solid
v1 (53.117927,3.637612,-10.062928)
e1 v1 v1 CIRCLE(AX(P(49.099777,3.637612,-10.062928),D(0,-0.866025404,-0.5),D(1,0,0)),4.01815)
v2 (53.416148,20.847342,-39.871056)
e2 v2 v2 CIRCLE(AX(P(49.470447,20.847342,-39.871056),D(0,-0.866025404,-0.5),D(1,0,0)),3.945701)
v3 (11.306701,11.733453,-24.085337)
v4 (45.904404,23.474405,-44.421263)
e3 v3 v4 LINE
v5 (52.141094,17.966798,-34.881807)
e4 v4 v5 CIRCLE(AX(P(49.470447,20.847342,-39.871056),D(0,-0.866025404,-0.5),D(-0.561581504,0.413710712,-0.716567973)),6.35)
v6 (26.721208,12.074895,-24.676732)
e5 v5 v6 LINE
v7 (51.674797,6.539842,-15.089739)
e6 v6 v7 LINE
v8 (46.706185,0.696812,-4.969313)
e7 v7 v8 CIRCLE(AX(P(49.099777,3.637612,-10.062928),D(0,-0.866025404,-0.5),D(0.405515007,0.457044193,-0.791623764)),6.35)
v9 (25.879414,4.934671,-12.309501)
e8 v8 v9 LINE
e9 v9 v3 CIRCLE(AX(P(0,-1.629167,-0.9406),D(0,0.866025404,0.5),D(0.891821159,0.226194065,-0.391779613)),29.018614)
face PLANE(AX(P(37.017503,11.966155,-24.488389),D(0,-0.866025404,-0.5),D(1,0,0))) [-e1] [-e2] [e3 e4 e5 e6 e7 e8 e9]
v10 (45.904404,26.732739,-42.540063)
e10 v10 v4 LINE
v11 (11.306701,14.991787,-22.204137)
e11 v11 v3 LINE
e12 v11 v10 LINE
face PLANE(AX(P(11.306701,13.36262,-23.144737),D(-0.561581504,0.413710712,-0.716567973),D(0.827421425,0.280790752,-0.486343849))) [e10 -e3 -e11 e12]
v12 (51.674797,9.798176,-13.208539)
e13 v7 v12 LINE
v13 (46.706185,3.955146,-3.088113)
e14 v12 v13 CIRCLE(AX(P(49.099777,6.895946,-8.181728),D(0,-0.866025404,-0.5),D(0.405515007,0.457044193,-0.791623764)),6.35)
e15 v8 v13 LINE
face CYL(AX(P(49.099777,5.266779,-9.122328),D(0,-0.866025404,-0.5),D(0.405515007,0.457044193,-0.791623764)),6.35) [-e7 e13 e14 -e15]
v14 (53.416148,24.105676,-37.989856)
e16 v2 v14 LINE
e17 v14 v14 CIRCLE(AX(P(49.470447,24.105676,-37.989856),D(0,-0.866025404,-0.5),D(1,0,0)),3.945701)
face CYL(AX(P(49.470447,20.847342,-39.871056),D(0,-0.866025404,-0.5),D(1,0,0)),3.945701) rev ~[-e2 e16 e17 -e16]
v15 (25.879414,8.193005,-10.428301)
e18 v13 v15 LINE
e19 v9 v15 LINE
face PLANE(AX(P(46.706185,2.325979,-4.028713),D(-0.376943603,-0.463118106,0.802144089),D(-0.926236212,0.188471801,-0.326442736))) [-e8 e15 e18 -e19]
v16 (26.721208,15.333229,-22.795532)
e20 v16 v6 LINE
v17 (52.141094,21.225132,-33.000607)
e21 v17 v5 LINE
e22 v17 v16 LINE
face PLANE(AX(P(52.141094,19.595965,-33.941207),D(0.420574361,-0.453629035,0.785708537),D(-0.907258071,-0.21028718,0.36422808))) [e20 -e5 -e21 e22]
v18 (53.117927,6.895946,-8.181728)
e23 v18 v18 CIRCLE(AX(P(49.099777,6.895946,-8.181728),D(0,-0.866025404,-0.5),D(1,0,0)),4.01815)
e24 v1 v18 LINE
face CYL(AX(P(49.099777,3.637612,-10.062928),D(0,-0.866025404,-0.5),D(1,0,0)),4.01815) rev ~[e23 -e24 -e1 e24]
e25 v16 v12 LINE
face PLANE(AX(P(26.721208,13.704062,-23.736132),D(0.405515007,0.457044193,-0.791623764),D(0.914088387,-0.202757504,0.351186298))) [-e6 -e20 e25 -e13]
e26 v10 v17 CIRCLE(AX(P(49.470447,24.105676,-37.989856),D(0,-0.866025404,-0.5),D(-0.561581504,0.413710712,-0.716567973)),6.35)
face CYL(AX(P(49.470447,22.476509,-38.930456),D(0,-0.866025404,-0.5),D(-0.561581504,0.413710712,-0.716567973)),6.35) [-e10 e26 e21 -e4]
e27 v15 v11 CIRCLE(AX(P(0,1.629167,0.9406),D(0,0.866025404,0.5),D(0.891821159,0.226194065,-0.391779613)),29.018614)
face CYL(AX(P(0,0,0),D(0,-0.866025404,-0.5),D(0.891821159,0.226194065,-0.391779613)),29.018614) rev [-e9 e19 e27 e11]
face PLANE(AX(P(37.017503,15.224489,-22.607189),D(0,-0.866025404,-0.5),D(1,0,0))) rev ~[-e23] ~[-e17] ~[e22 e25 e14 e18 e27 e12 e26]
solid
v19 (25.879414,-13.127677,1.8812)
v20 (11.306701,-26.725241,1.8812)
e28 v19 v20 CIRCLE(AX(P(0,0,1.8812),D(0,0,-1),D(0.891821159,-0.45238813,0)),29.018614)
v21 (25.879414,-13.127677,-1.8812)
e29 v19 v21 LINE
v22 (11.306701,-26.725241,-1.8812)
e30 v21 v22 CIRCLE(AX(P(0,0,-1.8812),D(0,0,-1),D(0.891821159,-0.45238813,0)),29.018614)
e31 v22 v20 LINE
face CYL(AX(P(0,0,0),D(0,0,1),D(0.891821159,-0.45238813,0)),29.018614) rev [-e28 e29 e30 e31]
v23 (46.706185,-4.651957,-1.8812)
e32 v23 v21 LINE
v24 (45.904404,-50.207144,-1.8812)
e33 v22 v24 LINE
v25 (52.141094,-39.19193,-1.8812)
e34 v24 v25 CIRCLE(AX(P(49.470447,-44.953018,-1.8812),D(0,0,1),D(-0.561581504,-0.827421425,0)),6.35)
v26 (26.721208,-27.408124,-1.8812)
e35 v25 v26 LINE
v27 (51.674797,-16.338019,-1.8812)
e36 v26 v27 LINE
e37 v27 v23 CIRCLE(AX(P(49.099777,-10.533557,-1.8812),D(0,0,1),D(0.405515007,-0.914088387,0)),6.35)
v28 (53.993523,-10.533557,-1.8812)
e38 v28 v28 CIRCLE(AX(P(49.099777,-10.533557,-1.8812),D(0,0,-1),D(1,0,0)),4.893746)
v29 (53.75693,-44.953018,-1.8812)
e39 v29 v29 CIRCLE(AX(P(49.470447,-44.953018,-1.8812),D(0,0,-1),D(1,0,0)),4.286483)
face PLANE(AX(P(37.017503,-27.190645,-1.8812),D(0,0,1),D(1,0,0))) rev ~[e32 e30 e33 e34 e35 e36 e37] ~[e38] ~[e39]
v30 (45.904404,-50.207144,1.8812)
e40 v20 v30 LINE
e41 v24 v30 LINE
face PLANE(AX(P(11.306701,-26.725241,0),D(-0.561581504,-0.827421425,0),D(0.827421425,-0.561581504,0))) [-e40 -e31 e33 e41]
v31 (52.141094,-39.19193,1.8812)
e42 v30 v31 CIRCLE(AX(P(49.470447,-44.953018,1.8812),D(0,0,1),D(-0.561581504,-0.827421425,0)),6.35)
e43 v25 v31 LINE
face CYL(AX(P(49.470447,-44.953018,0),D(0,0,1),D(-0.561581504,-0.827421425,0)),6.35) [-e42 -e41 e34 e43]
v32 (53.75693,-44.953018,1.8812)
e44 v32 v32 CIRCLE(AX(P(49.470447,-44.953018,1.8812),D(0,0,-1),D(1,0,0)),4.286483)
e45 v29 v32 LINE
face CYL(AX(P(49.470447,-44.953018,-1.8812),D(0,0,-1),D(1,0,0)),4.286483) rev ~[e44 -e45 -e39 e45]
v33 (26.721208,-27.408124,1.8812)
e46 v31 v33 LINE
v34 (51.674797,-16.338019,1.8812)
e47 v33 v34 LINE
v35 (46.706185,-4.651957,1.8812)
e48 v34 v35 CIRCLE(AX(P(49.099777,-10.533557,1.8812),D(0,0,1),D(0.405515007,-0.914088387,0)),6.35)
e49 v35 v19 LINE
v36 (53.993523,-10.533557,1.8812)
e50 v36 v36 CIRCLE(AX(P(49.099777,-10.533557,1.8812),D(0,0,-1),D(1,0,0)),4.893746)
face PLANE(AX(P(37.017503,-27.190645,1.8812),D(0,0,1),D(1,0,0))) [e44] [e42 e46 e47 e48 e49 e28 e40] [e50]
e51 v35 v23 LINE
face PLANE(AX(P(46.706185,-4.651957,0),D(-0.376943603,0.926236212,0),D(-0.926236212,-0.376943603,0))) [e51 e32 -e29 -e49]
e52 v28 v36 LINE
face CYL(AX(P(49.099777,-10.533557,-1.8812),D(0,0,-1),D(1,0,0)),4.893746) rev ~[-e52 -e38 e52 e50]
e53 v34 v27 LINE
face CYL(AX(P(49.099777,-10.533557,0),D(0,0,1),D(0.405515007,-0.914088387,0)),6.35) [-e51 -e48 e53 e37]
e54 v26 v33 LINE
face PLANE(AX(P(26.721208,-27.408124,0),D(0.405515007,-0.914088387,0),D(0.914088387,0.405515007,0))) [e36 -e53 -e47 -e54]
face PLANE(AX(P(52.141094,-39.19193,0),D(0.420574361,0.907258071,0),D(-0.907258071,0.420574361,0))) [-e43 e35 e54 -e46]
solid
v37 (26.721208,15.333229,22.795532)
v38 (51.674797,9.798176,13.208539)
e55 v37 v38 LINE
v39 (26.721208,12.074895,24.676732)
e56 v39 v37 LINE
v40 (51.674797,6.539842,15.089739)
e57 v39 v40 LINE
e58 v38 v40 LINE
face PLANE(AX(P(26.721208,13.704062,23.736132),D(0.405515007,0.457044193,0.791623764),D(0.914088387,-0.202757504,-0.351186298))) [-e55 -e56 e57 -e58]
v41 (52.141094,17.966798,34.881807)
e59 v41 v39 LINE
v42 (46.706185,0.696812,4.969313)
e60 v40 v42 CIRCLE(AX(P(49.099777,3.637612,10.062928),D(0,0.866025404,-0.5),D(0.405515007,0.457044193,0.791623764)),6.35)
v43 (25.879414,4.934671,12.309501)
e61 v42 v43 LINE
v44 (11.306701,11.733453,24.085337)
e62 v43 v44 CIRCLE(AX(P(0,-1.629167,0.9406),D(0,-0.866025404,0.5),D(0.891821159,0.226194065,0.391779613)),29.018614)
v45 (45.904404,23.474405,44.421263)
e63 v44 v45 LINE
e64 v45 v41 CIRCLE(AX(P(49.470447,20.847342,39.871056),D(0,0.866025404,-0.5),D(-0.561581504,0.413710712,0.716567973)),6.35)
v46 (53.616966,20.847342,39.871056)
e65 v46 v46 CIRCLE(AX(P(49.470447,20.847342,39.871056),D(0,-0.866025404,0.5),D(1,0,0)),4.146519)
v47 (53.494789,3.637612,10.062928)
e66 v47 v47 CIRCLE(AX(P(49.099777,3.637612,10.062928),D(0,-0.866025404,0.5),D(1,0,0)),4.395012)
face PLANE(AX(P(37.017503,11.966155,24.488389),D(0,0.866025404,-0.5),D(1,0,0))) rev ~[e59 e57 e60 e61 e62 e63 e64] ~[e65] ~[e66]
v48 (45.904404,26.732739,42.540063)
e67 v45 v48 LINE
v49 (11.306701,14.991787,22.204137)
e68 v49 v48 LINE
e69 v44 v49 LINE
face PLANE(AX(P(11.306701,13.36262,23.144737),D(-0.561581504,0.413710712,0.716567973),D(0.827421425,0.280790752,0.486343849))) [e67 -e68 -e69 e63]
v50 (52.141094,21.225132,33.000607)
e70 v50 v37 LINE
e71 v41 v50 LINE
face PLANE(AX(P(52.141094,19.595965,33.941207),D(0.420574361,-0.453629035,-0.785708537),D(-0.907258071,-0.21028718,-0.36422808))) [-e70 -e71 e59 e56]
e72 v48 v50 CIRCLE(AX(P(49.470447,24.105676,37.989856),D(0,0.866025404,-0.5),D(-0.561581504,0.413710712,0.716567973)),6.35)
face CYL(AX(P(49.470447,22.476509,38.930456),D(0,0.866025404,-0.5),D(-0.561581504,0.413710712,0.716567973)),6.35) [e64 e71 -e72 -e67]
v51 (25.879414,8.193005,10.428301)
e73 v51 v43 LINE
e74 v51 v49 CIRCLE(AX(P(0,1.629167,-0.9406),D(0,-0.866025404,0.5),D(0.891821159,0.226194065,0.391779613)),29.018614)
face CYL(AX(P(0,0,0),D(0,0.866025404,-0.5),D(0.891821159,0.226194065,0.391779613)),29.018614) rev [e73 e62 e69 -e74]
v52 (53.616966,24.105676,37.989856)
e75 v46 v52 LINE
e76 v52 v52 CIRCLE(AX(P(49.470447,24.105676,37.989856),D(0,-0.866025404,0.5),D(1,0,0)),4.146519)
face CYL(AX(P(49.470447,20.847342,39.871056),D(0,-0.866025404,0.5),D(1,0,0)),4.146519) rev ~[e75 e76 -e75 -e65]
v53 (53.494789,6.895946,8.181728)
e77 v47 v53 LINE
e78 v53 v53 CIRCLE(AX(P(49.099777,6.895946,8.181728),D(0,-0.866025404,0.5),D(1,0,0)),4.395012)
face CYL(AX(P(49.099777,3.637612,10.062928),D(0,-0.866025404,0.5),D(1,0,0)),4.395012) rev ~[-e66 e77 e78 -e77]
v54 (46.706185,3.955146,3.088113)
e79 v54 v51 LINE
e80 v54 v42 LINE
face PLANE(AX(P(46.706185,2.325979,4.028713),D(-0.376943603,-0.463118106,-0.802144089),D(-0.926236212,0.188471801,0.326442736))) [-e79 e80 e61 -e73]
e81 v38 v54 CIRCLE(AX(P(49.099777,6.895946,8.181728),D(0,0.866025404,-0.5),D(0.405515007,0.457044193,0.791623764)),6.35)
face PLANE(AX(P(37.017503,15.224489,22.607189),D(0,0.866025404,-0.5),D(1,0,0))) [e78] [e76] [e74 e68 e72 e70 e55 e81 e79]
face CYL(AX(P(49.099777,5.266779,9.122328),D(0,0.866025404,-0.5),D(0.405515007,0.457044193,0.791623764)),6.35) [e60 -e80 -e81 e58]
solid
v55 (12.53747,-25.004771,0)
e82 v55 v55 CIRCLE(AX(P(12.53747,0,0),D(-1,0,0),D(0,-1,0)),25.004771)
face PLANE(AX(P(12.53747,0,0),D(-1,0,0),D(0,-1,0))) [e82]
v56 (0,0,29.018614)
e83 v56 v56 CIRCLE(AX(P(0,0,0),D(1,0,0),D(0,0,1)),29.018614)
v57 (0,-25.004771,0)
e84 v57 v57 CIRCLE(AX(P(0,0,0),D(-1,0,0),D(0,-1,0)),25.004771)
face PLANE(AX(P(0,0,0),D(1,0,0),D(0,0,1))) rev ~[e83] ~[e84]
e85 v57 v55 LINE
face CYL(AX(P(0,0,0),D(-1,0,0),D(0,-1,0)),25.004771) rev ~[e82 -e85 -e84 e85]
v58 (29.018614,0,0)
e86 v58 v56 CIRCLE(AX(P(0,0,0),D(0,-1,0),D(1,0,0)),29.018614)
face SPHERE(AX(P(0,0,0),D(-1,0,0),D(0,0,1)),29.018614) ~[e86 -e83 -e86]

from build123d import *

# Parameters (mm, degrees)
F2_R      = 25.0047709918
F3_DEPTH  = 12.53747
F5_DEPTH  = 1.8812
F6_COUNT  = 3
F7_R      = 4.8937458283
F7_R_2    = 4.2864831503
F10_DEPTH = 25.4
F8_R      = 3.9457010293
F8_R_2    = 4.0181499064
F11_DEPTH = 25.4
F9_R      = 4.3950120505
F9_R_2    = 4.1465190725
F12_DEPTH = 25.4


with BuildPart() as f1:
    # F0 (on Front) → F1 (revolve)
    with BuildSketch(Plane.XZ):
        with BuildLine():
            Line((0, 0), (21.5274985125, 0))
            ThreePointArc((21.5274985125, 0), (15.2222401802, 15.2222401802), (0, 21.5274985125))
            Line((0, 21.5274985125), (0, 0))
        make_face()
        with BuildLine():
            Line((21.5274985125, 0), (29.0186140935, 0))
            ThreePointArc((29.0186140935, 0), (20.5192588061, 20.5192588061), (0, 29.0186140935))
            Line((0, 29.0186140935), (0, 21.5274985125))
            ThreePointArc((0, 21.5274985125), (15.2222401802, 15.2222401802), (21.5274985125, 0))
        make_face()
    revolve(axis=Axis((14.5093070467, 0, 0), (1, 0, 0)))

    # F2 (on face) → F3 (cut)
    with BuildSketch(Plane(origin=(0, 0, 0), x_dir=(0, -1, 0), z_dir=(-1, 0, 0))):
        Circle(F2_R)
    extrude(amount=-F3_DEPTH, mode=Mode.SUBTRACT)


with BuildPart() as f5:
    # F4 (on Top) → F5 (new body, symmetric)
    with BuildSketch(Plane.XY):
        with BuildLine():
            ThreePointArc((25.8794140562, -13.1276765657), (19.7971013422, -21.2168504343), (11.3067008411, -26.725240504))
            Line((11.3067008411, -26.725240504), (45.9044044518, -50.2071444738))
            ThreePointArc((45.9044044518, -50.2071444738), (54.9962204764, -48.0816487231), (52.1410941938, -39.1919296768))
            Line((52.1410941938, -39.1919296768), (26.7212075388, -27.4081242526))
            Line((26.7212075388, -27.4081242526), (51.6747971886, -16.3380185303))
            ThreePointArc((51.6747971886, -16.3380185303), (54.9435116308, -8.0489518068), (46.706185016, -4.6519573277))
            Line((46.706185016, -4.6519573277), (25.8794140562, -13.1276765657))
        make_face()
    extrude(amount=F5_DEPTH, both=True)


with BuildPart() as f6_1:
    # F6: instance of F5
    add(f5.part.rotate(Axis((14.5093070467, 0, 0), (1, 0, 0)), 1 * 360 / F6_COUNT))

    # F8 (on face) → F11 (cut)
    with BuildSketch(Plane(origin=(0, -1.6291669896, -0.9406), x_dir=(1, 0, 0), z_dir=(0, -0.8660254038, -0.5))):
        with Locations((49.4704470038, -44.9530184269)):
            Circle(F8_R)
        with Locations((49.0997768939, -10.5335572734)):
            Circle(F8_R_2)
    extrude(amount=-F11_DEPTH, mode=Mode.SUBTRACT)


with BuildPart() as f6_2:
    # F6: instance of F5
    add(f5.part.rotate(Axis((14.5093070467, 0, 0), (1, 0, 0)), 2 * 360 / F6_COUNT))

    # F9 (on face) → F12 (cut)
    with BuildSketch(Plane(origin=(0, -1.6291669896, 0.9406), x_dir=(1, 0, 0), z_dir=(0, -0.8660254038, 0.5))):
        with Locations((49.0997768939, 10.5335572734)):
            Circle(F9_R)
        with Locations((49.4704470038, 44.9530184269)):
            Circle(F9_R_2)
    extrude(amount=-F12_DEPTH, mode=Mode.SUBTRACT)


with BuildPart() as f5_1:
    add(f5.part)

    # F7 (on face) → F10 (cut)
    with BuildSketch(Plane(origin=(0, 0, -1.8812), x_dir=(1, 0, 0), z_dir=(0, 0, -1))):
        with Locations((49.0997768939, 10.5335572734)):
            Circle(F7_R)
        with Locations((49.4704470038, 44.9530184269)):
            Circle(F7_R_2)
    extrude(amount=-F10_DEPTH, mode=Mode.SUBTRACT)


solid = Compound([f1.part, f6_1.part, f6_2.part, f5_1.part])
